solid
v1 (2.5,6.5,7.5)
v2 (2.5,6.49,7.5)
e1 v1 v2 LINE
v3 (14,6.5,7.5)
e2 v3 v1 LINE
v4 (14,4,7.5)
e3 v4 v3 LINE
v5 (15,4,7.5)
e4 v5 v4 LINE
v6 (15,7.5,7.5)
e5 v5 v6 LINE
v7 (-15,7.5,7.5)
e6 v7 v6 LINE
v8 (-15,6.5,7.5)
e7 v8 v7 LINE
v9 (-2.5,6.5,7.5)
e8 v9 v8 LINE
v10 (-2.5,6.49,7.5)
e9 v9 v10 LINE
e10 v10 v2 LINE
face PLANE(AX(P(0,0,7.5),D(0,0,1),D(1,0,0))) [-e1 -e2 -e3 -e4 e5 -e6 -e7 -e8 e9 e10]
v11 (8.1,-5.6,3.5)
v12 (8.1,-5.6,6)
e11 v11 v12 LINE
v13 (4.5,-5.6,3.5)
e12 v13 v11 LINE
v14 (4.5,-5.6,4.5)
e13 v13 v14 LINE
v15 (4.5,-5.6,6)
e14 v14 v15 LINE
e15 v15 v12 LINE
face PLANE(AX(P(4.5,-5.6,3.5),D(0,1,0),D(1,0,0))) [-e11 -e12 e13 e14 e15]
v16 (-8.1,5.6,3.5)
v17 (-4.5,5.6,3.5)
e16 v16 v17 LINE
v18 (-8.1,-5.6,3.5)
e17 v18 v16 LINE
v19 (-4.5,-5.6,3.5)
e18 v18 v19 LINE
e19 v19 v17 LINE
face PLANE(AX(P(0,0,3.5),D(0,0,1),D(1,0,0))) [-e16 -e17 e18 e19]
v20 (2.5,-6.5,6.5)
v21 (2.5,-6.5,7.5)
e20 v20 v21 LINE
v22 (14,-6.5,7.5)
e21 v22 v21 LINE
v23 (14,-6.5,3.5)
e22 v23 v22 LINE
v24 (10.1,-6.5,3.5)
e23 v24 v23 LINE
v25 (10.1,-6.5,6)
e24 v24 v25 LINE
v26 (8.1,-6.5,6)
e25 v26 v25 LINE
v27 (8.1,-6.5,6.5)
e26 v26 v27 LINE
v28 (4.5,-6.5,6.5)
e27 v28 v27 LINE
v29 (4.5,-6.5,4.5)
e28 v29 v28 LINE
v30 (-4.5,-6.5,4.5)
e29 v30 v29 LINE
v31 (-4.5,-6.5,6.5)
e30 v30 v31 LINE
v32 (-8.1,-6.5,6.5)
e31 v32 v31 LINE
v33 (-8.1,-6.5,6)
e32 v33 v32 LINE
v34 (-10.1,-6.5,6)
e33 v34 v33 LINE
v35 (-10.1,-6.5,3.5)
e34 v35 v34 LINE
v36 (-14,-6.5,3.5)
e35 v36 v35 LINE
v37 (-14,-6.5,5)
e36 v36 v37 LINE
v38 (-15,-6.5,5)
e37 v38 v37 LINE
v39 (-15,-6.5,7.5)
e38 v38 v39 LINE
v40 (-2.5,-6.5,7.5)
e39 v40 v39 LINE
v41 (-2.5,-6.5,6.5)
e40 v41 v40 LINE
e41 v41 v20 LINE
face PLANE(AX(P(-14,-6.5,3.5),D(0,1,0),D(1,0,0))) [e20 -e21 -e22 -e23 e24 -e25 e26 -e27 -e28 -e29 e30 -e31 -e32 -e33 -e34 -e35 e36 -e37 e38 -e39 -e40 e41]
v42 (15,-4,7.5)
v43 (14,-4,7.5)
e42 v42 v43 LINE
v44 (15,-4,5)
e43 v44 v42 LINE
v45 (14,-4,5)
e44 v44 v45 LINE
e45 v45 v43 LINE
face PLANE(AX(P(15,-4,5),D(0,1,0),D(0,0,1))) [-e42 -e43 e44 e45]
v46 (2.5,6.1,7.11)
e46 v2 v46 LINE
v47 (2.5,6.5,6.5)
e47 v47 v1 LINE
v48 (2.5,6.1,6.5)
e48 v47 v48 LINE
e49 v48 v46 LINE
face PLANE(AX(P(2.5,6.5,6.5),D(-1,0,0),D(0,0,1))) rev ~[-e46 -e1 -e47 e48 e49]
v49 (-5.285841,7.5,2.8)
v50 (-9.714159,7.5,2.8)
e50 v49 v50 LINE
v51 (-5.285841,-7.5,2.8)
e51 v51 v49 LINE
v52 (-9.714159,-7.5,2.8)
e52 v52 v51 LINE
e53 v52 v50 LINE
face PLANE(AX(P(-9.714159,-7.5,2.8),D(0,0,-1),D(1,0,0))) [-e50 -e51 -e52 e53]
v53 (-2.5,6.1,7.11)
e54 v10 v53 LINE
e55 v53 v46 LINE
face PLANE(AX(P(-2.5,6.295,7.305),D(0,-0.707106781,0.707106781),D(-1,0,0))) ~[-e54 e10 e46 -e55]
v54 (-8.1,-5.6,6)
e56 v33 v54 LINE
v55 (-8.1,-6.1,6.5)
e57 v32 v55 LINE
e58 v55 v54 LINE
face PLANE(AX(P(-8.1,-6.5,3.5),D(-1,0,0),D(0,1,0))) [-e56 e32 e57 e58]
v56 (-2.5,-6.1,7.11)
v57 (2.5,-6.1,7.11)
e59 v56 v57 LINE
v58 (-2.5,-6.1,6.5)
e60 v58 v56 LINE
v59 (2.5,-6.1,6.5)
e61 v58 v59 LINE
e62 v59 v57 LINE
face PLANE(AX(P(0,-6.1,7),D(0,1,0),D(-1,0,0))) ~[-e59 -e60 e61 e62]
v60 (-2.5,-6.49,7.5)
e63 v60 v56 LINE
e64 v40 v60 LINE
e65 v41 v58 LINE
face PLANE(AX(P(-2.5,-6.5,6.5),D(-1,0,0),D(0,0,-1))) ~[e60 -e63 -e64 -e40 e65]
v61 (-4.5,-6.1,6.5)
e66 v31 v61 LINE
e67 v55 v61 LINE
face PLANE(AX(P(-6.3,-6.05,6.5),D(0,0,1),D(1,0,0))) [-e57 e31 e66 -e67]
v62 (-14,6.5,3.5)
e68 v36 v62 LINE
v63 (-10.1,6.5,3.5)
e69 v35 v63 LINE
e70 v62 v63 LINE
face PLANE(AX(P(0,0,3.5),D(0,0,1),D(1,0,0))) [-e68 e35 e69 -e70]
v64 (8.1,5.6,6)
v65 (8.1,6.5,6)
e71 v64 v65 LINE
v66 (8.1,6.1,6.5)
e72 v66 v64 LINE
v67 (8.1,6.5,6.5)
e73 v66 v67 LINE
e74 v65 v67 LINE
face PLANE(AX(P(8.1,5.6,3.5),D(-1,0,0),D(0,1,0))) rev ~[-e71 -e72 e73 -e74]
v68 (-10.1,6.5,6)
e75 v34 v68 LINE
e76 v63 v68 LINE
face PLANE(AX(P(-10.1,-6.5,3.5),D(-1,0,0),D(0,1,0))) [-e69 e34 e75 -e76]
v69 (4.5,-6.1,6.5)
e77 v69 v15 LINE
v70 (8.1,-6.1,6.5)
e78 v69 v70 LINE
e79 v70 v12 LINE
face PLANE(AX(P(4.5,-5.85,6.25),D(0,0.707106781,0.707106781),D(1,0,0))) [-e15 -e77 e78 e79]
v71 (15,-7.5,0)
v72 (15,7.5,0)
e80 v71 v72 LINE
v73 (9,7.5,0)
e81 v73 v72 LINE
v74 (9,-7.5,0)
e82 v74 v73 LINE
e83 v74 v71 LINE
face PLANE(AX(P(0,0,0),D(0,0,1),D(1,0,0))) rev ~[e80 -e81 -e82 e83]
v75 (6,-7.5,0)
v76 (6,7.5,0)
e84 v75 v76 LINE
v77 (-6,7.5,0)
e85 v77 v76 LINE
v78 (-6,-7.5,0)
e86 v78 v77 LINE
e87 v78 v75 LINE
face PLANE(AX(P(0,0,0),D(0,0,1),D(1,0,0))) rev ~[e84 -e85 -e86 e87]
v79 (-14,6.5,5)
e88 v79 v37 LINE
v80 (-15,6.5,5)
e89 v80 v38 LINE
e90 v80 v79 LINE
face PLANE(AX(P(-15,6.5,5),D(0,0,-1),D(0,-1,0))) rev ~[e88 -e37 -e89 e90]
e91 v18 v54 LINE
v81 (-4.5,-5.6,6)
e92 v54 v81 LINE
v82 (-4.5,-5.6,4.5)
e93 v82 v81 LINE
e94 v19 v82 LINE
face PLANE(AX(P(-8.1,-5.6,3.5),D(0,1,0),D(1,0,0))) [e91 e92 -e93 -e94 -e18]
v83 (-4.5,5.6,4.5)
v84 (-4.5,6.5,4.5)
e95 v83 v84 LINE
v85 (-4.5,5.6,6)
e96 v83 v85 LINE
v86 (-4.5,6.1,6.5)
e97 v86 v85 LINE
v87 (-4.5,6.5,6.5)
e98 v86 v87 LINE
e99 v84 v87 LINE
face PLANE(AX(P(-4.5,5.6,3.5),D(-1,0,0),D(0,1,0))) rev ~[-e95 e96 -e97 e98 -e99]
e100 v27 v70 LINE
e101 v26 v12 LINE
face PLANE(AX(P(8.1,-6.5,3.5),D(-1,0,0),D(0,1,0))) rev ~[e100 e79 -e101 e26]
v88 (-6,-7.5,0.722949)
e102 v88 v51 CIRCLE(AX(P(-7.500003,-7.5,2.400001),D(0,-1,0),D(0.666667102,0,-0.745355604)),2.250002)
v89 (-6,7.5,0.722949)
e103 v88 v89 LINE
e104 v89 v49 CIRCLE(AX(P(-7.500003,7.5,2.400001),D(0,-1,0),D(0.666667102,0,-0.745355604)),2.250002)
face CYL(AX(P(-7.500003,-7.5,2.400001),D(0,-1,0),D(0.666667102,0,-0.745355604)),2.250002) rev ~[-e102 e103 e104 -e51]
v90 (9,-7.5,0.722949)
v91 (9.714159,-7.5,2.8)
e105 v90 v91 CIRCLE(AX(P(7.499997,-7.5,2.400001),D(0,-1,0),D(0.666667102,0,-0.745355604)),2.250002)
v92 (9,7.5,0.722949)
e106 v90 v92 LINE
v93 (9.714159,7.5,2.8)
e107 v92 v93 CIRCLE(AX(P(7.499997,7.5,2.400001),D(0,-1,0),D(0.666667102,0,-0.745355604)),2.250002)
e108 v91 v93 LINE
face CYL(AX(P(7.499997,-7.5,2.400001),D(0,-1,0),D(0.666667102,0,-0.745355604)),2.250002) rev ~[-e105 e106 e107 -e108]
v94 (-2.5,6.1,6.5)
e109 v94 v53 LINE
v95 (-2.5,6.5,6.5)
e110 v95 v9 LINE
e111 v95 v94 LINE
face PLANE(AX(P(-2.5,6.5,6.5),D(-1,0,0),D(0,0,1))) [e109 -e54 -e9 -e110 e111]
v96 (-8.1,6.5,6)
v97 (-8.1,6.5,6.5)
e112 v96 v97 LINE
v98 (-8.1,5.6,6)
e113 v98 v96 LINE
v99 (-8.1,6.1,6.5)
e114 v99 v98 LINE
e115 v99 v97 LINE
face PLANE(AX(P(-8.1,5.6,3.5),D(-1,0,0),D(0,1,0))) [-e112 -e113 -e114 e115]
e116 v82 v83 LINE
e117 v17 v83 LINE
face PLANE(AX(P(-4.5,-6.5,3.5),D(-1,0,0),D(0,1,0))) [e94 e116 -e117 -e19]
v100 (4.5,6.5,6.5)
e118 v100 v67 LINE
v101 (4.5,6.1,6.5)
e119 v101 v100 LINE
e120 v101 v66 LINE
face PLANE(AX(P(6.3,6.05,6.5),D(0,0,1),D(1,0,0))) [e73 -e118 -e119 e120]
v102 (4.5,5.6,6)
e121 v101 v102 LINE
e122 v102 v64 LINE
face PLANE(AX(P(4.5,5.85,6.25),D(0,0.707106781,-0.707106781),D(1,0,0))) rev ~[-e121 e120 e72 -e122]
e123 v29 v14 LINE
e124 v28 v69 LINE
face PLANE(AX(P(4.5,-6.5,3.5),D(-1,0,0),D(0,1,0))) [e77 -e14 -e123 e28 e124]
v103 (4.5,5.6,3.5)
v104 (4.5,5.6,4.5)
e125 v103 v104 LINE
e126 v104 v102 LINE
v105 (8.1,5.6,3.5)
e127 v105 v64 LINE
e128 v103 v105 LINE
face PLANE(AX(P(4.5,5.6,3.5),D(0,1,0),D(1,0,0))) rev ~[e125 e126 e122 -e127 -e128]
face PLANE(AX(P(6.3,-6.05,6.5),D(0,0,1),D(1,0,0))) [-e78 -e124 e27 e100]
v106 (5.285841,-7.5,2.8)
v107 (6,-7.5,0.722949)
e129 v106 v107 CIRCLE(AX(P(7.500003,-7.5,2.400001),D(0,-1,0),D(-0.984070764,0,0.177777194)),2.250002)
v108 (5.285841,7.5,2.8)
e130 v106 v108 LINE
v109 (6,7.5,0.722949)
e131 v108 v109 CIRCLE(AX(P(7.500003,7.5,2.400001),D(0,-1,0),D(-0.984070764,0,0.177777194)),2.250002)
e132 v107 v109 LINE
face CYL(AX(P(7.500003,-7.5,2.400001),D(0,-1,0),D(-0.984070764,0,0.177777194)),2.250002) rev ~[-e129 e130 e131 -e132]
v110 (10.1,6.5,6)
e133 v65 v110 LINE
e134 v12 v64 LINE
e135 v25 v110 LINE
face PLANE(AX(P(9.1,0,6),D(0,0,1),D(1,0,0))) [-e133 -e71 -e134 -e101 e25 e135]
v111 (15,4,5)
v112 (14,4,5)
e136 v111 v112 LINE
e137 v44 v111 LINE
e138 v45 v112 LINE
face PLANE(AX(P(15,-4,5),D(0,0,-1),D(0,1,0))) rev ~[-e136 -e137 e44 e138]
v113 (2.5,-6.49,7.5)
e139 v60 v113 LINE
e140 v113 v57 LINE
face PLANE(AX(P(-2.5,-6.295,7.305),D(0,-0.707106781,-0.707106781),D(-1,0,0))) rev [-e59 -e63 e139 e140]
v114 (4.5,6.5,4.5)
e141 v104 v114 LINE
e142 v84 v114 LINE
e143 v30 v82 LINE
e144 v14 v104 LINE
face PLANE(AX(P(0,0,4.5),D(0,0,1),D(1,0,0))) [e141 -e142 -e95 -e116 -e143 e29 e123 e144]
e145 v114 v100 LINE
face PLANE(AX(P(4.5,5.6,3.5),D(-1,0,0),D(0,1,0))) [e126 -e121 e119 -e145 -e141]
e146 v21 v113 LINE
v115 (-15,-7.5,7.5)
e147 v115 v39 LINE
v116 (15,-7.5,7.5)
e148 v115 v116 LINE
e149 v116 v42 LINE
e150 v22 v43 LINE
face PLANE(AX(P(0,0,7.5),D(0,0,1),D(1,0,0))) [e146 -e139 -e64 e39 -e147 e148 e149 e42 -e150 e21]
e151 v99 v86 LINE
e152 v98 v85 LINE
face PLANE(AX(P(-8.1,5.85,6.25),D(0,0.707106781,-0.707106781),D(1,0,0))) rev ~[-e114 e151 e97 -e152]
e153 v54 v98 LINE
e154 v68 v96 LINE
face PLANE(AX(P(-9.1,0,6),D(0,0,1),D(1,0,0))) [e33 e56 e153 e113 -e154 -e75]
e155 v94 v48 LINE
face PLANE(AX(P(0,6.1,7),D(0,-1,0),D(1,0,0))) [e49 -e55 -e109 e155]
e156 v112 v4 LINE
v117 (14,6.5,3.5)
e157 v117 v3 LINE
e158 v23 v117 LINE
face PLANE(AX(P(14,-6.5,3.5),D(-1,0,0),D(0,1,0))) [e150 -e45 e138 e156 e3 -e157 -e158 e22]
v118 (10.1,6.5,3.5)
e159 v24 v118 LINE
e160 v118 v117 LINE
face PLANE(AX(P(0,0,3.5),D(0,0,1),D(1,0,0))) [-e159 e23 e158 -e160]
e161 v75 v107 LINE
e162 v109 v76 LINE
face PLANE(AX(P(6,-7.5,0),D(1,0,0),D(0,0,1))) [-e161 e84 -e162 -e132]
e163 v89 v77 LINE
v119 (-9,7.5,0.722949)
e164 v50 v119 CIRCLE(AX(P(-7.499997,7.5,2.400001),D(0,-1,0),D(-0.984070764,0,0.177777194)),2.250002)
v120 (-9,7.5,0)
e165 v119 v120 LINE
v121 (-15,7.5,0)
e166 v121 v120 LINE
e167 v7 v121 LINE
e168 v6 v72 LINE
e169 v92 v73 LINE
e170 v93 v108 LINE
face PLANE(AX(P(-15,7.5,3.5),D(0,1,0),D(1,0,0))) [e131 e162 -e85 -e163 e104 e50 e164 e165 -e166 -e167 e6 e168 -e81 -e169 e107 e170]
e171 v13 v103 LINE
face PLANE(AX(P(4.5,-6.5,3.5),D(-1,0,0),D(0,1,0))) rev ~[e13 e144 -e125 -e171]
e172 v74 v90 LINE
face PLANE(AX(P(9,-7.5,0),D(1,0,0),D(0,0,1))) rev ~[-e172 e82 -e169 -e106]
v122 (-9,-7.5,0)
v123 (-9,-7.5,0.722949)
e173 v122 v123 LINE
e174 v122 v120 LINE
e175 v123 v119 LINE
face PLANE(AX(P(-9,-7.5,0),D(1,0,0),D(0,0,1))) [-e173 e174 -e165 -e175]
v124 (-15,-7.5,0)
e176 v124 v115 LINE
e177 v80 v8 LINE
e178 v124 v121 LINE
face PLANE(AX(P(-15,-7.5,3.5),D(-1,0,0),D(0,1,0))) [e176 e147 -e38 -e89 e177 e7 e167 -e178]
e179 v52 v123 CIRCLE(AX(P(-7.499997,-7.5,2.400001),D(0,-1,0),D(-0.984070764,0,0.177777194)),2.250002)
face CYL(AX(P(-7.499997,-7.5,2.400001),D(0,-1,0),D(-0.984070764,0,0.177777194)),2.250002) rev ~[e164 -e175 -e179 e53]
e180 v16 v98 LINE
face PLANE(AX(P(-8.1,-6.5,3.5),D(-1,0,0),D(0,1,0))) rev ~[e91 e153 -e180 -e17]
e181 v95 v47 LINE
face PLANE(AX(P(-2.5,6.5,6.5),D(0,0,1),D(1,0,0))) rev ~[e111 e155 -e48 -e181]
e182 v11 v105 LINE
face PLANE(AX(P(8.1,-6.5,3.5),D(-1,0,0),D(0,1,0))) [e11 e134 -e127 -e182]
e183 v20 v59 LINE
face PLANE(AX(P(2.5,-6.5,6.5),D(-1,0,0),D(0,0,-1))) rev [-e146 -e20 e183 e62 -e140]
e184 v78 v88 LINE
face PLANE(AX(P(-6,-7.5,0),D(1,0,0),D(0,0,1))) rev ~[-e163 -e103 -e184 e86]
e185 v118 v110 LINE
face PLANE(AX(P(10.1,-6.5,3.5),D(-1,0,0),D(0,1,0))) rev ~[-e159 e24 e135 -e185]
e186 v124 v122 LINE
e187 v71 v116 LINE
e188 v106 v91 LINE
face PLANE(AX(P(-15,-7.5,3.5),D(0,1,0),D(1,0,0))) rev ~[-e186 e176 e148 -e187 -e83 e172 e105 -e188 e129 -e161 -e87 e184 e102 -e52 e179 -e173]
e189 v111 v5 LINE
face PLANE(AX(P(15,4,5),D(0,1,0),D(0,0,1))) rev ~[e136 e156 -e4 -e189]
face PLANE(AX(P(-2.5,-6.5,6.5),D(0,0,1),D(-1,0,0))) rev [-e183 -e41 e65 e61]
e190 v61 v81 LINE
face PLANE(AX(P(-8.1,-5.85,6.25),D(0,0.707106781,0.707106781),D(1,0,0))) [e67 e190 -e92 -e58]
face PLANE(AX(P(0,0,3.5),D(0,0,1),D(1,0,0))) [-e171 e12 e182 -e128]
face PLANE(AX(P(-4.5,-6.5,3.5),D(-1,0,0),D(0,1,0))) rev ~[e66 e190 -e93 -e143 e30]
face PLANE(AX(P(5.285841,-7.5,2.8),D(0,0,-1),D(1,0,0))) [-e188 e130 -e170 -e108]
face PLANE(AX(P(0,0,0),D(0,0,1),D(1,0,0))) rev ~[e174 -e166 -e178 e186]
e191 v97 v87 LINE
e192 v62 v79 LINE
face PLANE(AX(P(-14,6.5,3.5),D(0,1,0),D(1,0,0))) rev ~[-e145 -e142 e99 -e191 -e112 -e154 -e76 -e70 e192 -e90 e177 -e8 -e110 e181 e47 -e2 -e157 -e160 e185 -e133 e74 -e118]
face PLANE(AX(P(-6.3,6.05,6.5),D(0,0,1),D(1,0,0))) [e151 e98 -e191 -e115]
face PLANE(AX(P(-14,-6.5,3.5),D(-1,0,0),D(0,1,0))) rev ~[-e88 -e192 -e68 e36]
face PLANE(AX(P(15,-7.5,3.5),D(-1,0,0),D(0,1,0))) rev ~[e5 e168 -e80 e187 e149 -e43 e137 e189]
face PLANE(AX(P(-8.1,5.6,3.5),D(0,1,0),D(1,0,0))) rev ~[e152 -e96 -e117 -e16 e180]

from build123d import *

# Parameters (mm, degrees)
SKETCH_W            = 30
SKETCH_H            = 15
PAD_DEPTH           = 3.5
POCKET_DEPTH        = 15.001
LINEARPATTERN_COUNT = 2
LINEARPATTERN_PITCH = 15
SKETCH002_W         = 30
SKETCH002_H         = 15
SKETCH002_W_2       = 28
SKETCH002_H_2       = 13
PAD001_DEPTH        = 4
SKETCH003_W         = 9
SKETCH003_H         = 13
PAD002_DEPTH        = 1
SKETCH004_W         = 2
SKETCH004_H         = 13
PAD003_DEPTH        = 2.5
SKETCH005_W         = 3.6
SKETCH005_H         = 0.9
PAD004_DEPTH        = 3
CHAMFER_SIZE        = 0.5
SKETCH006_W         = 13
SKETCH006_H         = 2.5
POCKET001_DEPTH     = 1
SKETCH007_W         = 8
SKETCH007_H         = 2.5
POCKET002_DEPTH     = 1
SKETCH008_W         = 5
SKETCH008_H         = 1
PAD005_DEPTH        = 0.4
CHAMFER001_SIZE     = 0.39


with BuildPart() as part:
    # Sketch → Pad (new body)
    with BuildSketch(Plane.XY):
        Rectangle(SKETCH_W, SKETCH_H)
    extrude(amount=PAD_DEPTH)

    # Sketch001 (on Face3 of Pad) → Pocket (cut, through all)
    with BuildSketch(Plane.XZ.offset(7.5)):
        with BuildLine():
            Line((-9, 0), (-9, 0.722949))
            ThreePointArc((-9.714159, 2.8), (-9.62774, 1.668412), (-9, 0.722949))
            Line((-9.714159, 2.8), (-5.285841, 2.8))
            ThreePointArc((-6, 0.722949), (-5.37226, 1.668412), (-5.285841, 2.8))
            Line((-6, 0), (-6, 0.722949))
            Line((-9, 0), (-6, 0))
        make_face()
    pocket = extrude(amount=-POCKET_DEPTH, mode=Mode.SUBTRACT)

    # LinearPattern: Pocket ×2
    with Locations(*[(i * LINEARPATTERN_PITCH, 0, 0) for i in range(1, LINEARPATTERN_COUNT)]):
        add(pocket, mode=Mode.SUBTRACT)

    # Sketch002 (on Face16 of LinearPattern) → Pad001 (join)
    with BuildSketch(Plane.XY.offset(3.5)):
        Rectangle(SKETCH002_W, SKETCH002_H)
        Rectangle(SKETCH002_W_2, SKETCH002_H_2, mode=Mode.SUBTRACT)
    extrude(amount=PAD001_DEPTH)

    # Sketch003 (on Face27 of Pad001) → Pad002 (join)
    with BuildSketch(Plane.XY.offset(3.5)):
        Rectangle(SKETCH003_W, SKETCH003_H)
    extrude(amount=PAD002_DEPTH)

    # Sketch004 (on Face27 of Pad002) → Pad003 (join)
    with BuildSketch(Plane.XY.offset(3.5)):
        with Locations((-9.1, 0)):
            Rectangle(SKETCH004_W, SKETCH004_H)
        with Locations((9.1, 0)):
            Rectangle(SKETCH004_W, SKETCH004_H)
    extrude(amount=PAD003_DEPTH)

    # Sketch005 (on Face27 of Pad003) → Pad004 (join)
    with BuildSketch(Plane.XY.offset(3.5)):
        with Locations((-6.3, 6.05)):
            Rectangle(SKETCH005_W, SKETCH005_H)
        with Locations((6.3, 6.05)):
            Rectangle(SKETCH005_W, SKETCH005_H)
        with Locations((-6.3, -6.05)):
            Rectangle(SKETCH005_W, SKETCH005_H)
        with Locations((6.3, -6.05)):
            Rectangle(SKETCH005_W, SKETCH005_H)
    extrude(amount=PAD004_DEPTH)

    # Chamfer
    chamfer_edges = [part.edges().sort_by_distance(p)[0] for p in [
        (-6.3, 5.6, 6.5),
        (6.3, 5.6, 6.5),
        (-6.3, -5.6, 6.5),
        (6.3, -5.6, 6.5),
    ]]
    chamfer(chamfer_edges, length=CHAMFER_SIZE)

    # Sketch006 (on Face35 of Chamfer) → Pocket001 (cut)
    with BuildSketch(Plane(origin=(-15, 0, 0), x_dir=(0, -1, 0), z_dir=(-1, 0, 0))):
        with Locations((0, 6.25)):
            Rectangle(SKETCH006_W, SKETCH006_H)
    extrude(amount=-POCKET001_DEPTH, mode=Mode.SUBTRACT)

    # Sketch007 (on Face29 of Pocket001) → Pocket002 (cut)
    with BuildSketch(Plane.YZ.offset(15)):
        with Locations((0, 6.25)):
            Rectangle(SKETCH007_W, SKETCH007_H)
    extrude(amount=-POCKET002_DEPTH, mode=Mode.SUBTRACT)

    # Sketch008 (on Face21 of Pocket002) → Pad005 (join)
    with BuildSketch(Plane.XZ.offset(-6.5)):
        with Locations((0, 7)):
            Rectangle(SKETCH008_W, SKETCH008_H)
    pad005 = extrude(amount=PAD005_DEPTH)

    # Mirrored: Pad005 across XZ
    add(pad005.mirror(Plane.XZ))

    # Chamfer001
    chamfer001_edges = [part.edges().sort_by_distance(p)[0] for p in [
        (0, -6.1, 7.5),
        (0, 6.1, 7.5),
    ]]
    chamfer(chamfer001_edges, length=CHAMFER001_SIZE)


solid = part.part
